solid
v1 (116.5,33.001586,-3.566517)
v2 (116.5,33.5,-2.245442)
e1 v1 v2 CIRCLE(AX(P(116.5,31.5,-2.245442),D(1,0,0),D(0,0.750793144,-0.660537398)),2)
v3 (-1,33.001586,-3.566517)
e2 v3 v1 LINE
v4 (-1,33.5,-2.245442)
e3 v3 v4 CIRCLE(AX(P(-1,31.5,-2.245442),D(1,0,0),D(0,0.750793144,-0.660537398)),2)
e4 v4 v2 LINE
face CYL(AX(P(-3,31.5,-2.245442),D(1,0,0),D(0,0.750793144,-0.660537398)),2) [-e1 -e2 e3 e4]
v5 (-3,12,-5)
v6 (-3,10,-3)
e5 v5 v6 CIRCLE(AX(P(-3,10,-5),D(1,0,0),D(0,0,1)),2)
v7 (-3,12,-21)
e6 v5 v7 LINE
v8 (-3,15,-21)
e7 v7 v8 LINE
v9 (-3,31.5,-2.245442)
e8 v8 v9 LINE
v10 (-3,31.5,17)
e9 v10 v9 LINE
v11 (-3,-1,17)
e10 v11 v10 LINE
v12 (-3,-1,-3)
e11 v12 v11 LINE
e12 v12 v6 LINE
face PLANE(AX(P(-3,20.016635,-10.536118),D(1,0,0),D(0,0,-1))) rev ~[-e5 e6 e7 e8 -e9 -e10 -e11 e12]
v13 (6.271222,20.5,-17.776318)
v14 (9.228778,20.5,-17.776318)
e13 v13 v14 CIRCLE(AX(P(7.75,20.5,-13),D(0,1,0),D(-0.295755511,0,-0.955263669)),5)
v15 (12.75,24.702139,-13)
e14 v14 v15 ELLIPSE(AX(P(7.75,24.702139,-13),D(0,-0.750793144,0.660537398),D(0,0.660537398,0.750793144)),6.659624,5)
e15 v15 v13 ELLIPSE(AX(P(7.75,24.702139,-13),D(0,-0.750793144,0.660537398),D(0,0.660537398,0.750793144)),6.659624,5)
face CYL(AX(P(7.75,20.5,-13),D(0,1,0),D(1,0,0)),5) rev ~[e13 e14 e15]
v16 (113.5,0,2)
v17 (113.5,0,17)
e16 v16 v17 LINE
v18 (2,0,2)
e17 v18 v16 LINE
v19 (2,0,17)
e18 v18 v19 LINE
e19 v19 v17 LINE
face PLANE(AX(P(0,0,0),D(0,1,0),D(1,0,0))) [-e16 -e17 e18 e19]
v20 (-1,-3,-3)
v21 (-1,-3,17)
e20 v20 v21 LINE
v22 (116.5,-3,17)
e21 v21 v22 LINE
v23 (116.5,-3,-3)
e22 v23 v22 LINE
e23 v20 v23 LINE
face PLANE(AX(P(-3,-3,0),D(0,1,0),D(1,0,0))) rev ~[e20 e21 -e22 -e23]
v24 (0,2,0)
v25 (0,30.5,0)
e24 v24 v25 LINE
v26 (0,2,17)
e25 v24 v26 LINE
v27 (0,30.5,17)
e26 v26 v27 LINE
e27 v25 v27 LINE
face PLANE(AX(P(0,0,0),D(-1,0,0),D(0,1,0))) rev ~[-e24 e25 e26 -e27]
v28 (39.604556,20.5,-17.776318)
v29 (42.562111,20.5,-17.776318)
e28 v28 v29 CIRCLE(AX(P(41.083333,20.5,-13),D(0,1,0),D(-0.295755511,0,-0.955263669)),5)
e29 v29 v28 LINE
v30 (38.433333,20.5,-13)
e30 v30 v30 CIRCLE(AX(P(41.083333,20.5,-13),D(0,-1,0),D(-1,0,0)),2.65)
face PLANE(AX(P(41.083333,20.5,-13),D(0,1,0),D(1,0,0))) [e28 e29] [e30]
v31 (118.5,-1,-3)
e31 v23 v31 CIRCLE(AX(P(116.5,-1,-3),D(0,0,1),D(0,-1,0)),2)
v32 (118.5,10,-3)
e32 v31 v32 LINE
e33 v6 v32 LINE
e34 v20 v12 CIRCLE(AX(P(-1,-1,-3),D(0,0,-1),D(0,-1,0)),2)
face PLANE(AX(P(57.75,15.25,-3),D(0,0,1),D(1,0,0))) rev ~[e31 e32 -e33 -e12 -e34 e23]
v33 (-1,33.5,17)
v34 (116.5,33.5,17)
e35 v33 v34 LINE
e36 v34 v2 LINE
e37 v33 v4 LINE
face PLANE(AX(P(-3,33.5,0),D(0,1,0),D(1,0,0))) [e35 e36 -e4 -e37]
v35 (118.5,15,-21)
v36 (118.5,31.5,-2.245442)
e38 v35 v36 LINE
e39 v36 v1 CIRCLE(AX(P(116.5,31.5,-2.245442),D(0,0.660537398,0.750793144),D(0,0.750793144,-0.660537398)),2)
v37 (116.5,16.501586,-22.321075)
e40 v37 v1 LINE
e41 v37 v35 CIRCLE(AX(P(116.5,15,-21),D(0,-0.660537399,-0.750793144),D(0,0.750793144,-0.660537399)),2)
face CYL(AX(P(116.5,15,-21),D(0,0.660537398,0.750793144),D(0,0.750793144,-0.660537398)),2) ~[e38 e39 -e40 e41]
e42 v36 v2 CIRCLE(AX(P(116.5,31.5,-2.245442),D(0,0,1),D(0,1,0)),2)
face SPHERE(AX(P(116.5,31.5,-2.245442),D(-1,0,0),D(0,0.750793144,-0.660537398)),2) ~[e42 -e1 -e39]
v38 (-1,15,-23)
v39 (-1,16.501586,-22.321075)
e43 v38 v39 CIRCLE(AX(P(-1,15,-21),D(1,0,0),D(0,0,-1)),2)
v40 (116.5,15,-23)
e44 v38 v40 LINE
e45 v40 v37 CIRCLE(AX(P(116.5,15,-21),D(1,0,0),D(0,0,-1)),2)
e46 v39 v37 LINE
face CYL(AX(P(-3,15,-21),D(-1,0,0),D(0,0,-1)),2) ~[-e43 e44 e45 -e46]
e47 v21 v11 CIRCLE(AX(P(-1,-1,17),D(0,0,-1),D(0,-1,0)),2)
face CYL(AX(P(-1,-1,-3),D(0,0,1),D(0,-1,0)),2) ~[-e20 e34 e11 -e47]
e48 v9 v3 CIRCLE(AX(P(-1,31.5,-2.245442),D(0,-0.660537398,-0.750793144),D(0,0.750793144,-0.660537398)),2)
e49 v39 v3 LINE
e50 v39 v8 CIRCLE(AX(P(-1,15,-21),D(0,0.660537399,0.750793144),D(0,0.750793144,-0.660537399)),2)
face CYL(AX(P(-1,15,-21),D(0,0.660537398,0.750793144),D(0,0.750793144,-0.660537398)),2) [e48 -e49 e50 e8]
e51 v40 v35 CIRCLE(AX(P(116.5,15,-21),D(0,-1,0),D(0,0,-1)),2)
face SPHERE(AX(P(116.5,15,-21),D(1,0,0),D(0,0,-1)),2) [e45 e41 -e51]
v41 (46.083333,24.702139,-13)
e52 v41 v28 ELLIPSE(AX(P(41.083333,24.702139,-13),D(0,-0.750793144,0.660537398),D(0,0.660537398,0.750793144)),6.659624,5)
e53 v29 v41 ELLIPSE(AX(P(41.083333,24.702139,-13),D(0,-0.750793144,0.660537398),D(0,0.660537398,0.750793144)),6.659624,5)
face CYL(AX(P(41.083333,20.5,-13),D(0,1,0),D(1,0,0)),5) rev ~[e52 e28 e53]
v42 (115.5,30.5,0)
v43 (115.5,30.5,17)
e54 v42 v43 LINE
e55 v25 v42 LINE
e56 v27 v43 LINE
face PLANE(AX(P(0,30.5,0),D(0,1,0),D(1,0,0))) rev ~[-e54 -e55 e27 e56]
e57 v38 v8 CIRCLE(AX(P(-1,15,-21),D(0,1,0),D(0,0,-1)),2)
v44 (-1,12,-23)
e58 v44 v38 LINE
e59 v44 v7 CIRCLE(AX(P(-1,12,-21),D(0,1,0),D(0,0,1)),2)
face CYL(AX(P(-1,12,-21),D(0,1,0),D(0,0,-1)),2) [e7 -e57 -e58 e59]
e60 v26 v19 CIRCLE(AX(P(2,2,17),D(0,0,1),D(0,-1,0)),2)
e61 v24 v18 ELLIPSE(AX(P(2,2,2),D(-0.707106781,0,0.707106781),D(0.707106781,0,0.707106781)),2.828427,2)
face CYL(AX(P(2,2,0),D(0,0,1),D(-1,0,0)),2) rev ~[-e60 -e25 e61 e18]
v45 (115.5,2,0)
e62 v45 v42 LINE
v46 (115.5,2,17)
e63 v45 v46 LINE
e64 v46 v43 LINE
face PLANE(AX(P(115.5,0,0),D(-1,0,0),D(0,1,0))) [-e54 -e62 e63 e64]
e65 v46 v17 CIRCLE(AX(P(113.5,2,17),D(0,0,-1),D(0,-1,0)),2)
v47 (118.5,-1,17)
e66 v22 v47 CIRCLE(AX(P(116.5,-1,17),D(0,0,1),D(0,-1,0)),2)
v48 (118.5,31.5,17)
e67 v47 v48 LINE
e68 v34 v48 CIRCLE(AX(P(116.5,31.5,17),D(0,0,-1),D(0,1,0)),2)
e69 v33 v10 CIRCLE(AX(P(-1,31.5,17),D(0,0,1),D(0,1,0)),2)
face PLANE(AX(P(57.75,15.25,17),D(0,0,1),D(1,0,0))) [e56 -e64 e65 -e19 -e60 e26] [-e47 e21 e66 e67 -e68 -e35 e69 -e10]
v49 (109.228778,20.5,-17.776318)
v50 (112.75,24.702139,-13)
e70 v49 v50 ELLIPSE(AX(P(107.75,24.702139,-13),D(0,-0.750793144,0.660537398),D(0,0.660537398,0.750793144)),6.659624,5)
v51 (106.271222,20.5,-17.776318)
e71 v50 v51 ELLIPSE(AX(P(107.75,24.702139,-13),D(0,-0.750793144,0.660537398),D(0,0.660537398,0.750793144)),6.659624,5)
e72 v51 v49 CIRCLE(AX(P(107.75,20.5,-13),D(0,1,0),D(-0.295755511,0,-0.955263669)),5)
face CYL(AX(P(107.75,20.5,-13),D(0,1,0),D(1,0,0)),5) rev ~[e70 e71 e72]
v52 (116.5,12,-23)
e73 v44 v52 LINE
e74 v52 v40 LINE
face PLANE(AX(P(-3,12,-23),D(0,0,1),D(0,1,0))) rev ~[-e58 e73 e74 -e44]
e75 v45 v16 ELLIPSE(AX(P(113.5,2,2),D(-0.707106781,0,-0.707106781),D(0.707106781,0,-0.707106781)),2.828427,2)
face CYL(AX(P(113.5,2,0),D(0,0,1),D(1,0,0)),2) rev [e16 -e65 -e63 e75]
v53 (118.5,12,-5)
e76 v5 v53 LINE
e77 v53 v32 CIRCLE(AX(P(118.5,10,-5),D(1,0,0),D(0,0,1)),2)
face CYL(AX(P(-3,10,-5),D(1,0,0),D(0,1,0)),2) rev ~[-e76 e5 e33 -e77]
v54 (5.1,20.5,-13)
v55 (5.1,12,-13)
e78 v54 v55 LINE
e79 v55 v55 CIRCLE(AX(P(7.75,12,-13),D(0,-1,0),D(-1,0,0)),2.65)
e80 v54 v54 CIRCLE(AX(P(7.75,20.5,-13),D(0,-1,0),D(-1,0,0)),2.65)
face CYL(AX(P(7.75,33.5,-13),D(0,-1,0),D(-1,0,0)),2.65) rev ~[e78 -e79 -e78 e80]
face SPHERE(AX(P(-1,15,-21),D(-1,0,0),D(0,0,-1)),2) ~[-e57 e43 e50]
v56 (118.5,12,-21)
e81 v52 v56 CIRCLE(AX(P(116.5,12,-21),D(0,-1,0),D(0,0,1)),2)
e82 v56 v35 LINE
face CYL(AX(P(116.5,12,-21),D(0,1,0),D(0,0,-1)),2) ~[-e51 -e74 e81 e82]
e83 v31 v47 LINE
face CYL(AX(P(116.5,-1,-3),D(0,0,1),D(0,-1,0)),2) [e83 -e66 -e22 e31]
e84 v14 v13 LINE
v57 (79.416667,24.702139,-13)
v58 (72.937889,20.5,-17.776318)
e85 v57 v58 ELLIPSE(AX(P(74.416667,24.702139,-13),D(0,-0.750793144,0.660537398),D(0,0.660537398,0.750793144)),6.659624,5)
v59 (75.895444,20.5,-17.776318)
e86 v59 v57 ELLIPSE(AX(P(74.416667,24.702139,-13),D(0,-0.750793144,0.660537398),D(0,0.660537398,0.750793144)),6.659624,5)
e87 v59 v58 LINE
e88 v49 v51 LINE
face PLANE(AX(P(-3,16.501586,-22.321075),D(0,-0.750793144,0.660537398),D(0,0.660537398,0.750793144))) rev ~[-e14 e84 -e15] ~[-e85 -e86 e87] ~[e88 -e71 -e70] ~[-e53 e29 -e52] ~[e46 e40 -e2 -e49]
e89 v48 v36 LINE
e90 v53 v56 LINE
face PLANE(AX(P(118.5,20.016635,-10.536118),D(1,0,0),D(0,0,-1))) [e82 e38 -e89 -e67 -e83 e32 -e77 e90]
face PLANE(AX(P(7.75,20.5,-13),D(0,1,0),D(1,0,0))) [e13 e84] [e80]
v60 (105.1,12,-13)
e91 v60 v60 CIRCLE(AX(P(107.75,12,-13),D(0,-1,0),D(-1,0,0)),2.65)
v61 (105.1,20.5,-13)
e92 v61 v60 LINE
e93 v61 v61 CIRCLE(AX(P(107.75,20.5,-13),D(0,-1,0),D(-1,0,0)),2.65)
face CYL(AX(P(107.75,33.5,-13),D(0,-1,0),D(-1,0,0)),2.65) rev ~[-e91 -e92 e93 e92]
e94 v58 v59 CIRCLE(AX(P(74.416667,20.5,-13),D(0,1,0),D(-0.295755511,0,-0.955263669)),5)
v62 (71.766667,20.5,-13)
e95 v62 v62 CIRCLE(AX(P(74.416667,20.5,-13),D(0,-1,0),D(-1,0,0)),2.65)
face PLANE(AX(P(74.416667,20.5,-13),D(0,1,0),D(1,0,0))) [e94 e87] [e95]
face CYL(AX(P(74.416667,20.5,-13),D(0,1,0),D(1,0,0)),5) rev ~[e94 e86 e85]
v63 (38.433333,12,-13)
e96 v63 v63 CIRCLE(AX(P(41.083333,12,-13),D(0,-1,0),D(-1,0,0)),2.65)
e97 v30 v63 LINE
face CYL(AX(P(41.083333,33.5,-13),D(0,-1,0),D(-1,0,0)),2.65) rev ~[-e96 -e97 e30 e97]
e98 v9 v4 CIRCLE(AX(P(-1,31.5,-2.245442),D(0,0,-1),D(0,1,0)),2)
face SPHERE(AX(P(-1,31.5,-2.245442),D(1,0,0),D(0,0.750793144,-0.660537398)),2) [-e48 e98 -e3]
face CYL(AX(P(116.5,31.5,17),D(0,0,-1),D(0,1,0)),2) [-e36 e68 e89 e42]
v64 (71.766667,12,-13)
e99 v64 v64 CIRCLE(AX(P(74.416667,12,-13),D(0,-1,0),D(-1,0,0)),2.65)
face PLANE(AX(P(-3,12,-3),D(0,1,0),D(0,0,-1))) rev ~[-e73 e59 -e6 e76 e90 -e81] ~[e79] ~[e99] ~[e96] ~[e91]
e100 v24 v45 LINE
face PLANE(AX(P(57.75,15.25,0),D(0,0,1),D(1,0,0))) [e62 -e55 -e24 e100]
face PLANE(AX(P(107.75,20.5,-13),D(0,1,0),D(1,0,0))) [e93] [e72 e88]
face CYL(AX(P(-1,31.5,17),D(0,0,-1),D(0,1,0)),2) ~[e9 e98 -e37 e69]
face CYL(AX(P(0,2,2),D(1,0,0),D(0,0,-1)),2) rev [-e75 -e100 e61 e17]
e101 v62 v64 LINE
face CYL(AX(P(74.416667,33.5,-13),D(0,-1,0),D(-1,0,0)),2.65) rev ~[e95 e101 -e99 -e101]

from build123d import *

# Parameters (mm, degrees)
SKETCH1_W                      = 121.5
SKETCH1_H                      = 36.5
SKETCH1_W_2                    = 115.5
SKETCH1_H_2                    = 30.5
BOSS_EXTRUDE1_DEPTH            = 3
SKETCH1_3_W                    = 121.5
SKETCH1_3_H                    = 36.5
SKETCH1_3_W_2                  = 115.5
SKETCH1_3_H_2                  = 30.5
BOSS_EXTRUDE2_DEPTH            = 17
BOSS_EXTRUDE3_DEPTH            = 118.5
BOSS_EXTRUDE3_DEPTH_BACK       = 3
CBORE_FOR_M5_SHCS1_D           = 5.3
CBORE_FOR_M5_SHCS1_CBORE_D     = 10
CBORE_FOR_M5_SHCS1_CBORE_DEPTH = 13
FILLET1_R                      = 2


with BuildPart() as part:
    # Sketch1 → Boss-Extrude1 (new body)
    # profile 1 of 2: a face of its own
    with BuildSketch(Plane.XY):
        with Locations((57.75, 15.25)):
            Rectangle(SKETCH1_W, SKETCH1_H)
        with Locations((57.75, 15.25)):
            Rectangle(SKETCH1_W_2, SKETCH1_H_2, mode=Mode.SUBTRACT)
    # profile 2 of 2: a face of its own
    with BuildSketch(Plane.XY):
        with Locations((57.75, 15.25)):
            Rectangle(SKETCH1_W_2, SKETCH1_H_2)
    extrude(amount=-BOSS_EXTRUDE1_DEPTH)

    # Sketch1<3> → Boss-Extrude2 (add)
    with BuildSketch(Plane.XY):
        with Locations((57.75, 15.25)):
            Rectangle(SKETCH1_3_W, SKETCH1_3_H)
        with Locations((57.75, 15.25)):
            Rectangle(SKETCH1_3_W_2, SKETCH1_3_H_2, mode=Mode.SUBTRACT)
    extrude(amount=BOSS_EXTRUDE2_DEPTH)

    # Sketch2 → Boss-Extrude3 (add, two sides: drawn at the far end of the back side and taken through both)
    with BuildSketch(Plane(origin=(0, 0, 0), x_dir=(0, 0, -1), z_dir=(1, 0, 0)).offset(-BOSS_EXTRUDE3_DEPTH_BACK)):
        with BuildLine():
            Line((3, 33.5), (3, 12))
            Line((3, 12), (23, 12))
            Line((23, 12), (23, 15))
            ThreePointArc((23, 15), (22.822381628, 15.823969176), (22.321074797, 16.501586289))
            Line((22.321074797, 16.501586289), (3, 33.5))
        make_face()
    extrude(amount=BOSS_EXTRUDE3_DEPTH + BOSS_EXTRUDE3_DEPTH_BACK)

    # CBORE for M5 SHCS1 (through all)
    with Locations(Plane(origin=(0, 33.5, 0), x_dir=(1, 0, 0), z_dir=(0, 1, 0))):
        with Locations((7.75, 13), (41.083333333, 13), (74.416666667, 13), (107.75, 13)):
            CounterBoreHole(CBORE_FOR_M5_SHCS1_D / 2, CBORE_FOR_M5_SHCS1_CBORE_D / 2, CBORE_FOR_M5_SHCS1_CBORE_DEPTH)

    # Fillet1
    fillet1_edges = [part.edges().sort_by_distance(p)[0] for p in [
        (57.75, 33.5, -3),
        (57.75, 0, 0),
        (115.5, 0, 8.5),
        (0, 0, 8.5),
        (-3, 13.5, -23),
        (-3, 15.823969176, -22.822381628),
        (-3, 25.000793144, -12.660537398),
        (57.75, 12, -3),
        (118.5, 13.5, -23),
        (118.5, 15.823969176, -22.822381628),
        (118.5, 25.000793144, -12.660537398),
        (118.5, -3, 7),
        (-3, -3, 7),
        (-3, 33.5, 7),
        (118.5, 33.5, 7),
    ]]
    fillet(fillet1_edges, radius=FILLET1_R)


solid = part.part
